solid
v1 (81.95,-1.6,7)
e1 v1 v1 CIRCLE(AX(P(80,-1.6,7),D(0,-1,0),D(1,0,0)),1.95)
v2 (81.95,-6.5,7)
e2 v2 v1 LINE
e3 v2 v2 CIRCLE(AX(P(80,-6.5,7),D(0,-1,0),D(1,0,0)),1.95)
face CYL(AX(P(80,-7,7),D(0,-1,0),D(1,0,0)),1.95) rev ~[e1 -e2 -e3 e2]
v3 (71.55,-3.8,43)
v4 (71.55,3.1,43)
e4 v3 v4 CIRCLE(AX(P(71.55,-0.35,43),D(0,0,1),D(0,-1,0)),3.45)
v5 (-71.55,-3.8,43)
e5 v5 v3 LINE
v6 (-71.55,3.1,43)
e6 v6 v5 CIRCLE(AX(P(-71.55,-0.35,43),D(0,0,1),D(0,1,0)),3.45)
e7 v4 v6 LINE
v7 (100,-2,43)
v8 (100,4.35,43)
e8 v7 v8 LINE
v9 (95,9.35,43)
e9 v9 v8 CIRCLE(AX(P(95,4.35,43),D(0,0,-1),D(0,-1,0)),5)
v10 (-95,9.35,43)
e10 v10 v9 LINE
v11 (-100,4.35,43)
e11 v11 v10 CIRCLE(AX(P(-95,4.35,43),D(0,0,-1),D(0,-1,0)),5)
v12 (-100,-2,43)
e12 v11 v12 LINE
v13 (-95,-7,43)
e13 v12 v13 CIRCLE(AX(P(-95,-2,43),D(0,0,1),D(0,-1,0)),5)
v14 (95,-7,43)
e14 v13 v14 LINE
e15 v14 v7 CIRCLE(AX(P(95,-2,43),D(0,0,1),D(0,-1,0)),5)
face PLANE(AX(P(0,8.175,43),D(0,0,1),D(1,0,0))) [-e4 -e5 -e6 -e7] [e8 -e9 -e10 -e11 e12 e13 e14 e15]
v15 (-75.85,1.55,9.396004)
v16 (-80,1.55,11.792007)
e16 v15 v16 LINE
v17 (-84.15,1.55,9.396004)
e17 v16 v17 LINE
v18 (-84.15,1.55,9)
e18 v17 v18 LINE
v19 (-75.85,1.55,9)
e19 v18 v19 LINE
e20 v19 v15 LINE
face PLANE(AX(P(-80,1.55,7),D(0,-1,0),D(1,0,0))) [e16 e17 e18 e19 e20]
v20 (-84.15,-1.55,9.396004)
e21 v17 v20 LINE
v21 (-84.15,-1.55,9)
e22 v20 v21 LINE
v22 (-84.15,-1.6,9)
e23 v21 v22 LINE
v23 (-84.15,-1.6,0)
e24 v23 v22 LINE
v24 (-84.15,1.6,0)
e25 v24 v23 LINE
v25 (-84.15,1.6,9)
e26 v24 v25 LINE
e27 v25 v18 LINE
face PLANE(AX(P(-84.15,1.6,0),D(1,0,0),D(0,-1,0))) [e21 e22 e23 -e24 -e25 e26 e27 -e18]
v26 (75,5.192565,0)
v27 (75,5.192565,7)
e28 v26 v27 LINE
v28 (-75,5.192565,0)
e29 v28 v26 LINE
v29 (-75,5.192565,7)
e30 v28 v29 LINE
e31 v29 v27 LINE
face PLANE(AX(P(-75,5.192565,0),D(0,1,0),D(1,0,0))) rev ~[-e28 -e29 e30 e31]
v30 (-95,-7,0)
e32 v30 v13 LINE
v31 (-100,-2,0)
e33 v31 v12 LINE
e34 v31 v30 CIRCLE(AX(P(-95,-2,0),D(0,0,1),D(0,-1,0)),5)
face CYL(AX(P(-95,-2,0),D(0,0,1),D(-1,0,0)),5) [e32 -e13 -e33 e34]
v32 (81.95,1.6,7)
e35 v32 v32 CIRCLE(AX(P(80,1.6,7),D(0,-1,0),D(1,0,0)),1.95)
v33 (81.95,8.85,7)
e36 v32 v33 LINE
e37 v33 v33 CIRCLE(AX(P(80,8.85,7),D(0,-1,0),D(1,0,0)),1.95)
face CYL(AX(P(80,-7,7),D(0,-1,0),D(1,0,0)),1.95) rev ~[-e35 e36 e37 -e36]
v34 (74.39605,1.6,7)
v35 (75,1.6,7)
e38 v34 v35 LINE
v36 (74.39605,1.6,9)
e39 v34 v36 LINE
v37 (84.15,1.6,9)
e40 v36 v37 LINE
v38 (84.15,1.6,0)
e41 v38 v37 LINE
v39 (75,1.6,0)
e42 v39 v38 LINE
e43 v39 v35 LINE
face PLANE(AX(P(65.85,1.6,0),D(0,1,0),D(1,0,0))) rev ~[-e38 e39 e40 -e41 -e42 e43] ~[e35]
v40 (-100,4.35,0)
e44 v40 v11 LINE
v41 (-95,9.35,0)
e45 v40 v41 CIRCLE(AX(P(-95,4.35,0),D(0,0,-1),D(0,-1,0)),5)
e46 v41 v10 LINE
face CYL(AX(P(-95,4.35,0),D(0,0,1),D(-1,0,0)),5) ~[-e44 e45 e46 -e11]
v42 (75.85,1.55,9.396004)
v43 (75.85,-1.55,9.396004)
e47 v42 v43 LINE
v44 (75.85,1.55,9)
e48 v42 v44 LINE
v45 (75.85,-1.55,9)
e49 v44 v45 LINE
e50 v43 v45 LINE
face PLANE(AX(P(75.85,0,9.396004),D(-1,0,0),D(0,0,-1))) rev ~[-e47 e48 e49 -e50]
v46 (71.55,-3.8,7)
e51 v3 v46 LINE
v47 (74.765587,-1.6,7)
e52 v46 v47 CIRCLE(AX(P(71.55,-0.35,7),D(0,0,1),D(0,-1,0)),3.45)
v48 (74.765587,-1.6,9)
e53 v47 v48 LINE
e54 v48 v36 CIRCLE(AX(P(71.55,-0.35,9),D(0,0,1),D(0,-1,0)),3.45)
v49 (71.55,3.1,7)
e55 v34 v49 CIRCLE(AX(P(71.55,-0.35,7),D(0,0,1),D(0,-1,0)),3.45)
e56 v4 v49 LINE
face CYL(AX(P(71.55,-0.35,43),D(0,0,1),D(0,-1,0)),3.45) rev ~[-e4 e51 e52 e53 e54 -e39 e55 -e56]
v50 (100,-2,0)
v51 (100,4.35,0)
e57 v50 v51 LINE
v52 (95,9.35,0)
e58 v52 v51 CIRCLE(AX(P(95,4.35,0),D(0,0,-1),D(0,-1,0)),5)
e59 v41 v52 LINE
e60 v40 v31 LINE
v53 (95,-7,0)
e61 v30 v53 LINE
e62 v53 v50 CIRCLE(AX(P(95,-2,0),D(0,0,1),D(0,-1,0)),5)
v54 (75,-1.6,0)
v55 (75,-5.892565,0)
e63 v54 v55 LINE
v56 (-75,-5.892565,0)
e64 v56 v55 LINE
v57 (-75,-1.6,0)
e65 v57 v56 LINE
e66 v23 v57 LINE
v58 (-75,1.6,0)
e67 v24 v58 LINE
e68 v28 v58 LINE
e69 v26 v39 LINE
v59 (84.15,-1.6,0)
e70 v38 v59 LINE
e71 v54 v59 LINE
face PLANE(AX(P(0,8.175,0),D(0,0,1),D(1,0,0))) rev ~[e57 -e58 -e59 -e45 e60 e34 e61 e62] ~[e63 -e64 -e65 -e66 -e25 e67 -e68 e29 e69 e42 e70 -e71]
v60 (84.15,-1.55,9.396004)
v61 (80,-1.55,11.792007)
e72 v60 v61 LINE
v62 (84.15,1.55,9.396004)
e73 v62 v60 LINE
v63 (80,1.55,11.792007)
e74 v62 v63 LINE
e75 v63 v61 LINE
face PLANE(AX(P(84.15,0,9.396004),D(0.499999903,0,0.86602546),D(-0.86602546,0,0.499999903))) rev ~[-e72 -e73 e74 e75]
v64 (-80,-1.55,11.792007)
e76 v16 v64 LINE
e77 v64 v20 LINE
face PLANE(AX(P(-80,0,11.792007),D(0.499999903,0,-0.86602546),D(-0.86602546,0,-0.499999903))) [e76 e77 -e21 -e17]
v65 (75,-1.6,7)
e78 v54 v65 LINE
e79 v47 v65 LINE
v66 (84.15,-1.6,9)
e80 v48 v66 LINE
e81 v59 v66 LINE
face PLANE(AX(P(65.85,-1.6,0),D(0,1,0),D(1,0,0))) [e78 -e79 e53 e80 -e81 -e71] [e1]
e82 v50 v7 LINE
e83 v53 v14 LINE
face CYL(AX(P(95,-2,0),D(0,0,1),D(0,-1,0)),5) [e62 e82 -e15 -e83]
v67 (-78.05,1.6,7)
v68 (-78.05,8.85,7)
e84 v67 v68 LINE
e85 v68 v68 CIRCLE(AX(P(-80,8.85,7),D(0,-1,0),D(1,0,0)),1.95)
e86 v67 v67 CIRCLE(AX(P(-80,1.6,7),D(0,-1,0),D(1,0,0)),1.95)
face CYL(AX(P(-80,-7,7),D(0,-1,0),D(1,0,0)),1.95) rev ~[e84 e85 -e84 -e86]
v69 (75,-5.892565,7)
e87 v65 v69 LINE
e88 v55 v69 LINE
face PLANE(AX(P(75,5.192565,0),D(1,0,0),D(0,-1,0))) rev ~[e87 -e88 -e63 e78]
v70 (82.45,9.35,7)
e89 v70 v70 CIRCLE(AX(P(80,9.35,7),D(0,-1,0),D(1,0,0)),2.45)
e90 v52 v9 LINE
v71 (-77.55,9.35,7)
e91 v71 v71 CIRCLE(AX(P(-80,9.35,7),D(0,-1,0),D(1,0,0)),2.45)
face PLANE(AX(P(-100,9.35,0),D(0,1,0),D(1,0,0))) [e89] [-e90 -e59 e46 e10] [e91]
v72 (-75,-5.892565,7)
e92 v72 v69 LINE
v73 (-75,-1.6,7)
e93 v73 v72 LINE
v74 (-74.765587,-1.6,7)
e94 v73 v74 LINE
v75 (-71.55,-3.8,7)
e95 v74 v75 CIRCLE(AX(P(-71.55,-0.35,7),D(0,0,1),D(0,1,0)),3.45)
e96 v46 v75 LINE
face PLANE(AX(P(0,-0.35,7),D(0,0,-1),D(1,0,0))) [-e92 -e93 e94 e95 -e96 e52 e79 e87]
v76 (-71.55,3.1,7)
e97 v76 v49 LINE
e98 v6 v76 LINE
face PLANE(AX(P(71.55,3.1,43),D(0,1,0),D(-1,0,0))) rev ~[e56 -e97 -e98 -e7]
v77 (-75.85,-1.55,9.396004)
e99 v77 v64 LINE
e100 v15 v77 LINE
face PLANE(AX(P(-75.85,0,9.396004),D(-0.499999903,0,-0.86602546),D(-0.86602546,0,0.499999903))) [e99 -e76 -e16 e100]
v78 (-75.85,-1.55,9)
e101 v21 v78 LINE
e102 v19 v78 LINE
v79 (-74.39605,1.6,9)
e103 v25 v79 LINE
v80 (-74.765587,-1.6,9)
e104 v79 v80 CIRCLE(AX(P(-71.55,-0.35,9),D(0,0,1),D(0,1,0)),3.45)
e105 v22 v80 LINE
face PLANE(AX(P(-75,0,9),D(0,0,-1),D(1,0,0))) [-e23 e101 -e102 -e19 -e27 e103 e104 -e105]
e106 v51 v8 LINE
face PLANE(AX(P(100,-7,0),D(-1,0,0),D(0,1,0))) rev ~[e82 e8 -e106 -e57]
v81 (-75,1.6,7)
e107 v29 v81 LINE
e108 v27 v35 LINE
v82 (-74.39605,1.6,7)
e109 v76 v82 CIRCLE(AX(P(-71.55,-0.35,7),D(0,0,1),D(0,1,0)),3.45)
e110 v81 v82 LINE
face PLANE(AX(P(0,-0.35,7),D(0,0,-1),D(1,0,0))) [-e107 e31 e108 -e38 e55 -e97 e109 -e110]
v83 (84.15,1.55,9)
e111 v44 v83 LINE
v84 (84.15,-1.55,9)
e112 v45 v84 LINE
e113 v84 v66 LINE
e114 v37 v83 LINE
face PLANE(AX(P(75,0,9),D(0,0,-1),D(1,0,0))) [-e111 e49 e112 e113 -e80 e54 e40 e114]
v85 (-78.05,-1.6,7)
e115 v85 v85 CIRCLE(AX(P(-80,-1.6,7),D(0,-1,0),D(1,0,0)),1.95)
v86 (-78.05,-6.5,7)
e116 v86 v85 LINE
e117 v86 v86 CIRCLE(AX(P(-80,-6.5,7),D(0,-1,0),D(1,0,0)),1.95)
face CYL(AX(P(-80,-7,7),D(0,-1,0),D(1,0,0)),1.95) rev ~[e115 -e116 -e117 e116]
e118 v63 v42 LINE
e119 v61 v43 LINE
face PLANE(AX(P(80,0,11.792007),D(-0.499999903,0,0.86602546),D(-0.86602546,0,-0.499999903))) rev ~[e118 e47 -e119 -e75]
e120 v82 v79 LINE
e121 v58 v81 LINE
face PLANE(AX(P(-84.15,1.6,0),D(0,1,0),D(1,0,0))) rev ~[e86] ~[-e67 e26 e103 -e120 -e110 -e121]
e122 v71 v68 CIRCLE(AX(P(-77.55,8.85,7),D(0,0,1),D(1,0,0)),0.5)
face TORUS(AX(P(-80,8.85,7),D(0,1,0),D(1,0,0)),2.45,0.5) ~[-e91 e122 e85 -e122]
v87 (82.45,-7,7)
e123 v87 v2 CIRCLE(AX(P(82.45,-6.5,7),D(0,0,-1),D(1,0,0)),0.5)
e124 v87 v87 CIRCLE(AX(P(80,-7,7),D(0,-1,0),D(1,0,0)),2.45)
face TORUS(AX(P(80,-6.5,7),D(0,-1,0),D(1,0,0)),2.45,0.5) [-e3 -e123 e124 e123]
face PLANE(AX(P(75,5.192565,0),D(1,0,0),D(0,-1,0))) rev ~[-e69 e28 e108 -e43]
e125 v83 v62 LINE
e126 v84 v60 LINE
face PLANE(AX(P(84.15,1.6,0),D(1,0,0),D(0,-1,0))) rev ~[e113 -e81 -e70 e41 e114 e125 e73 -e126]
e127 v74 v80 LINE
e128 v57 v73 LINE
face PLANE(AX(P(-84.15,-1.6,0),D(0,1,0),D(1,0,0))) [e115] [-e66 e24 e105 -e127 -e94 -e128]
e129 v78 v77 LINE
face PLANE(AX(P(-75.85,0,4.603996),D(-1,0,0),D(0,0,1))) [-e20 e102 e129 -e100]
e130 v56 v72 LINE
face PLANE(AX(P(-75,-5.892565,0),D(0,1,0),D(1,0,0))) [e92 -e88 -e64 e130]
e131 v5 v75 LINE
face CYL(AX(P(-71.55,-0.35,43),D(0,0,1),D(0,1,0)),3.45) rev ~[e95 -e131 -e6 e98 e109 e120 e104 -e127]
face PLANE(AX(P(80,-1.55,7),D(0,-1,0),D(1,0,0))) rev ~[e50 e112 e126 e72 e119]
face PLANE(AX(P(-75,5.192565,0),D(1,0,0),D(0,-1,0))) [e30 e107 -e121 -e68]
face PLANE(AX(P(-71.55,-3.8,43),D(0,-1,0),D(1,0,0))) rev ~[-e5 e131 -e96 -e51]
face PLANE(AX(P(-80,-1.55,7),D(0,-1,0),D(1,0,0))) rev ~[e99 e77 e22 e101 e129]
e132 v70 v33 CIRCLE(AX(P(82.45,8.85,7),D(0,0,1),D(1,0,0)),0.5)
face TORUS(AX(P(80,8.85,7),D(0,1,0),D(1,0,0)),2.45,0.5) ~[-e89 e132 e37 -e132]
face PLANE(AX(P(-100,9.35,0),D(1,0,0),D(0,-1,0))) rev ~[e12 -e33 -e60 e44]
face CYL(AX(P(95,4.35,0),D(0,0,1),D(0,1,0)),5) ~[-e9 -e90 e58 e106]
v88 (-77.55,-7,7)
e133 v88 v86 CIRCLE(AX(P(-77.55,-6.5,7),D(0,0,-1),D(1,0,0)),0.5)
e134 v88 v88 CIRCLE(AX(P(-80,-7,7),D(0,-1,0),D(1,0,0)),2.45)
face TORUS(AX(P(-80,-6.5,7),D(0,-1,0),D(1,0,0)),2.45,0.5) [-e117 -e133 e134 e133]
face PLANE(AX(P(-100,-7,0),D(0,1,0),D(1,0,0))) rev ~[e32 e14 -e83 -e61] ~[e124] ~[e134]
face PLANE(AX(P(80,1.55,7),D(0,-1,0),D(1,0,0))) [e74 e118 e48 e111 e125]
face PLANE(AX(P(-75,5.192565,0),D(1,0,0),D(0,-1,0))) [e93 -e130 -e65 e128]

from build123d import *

# Parameters (mm, degrees)
F0_W      = 200
F0_H      = 2.35
F0_H_2    = 14
F1_DEPTH  = 43
F4_W      = 150
F4_H      = 11.08513
F5_DEPTH  = 7
F6_R      = 1.95
F7_DEPTH  = 16.351
F9_DEPTH  = 37
F10_R     = 5
F11_R     = 0.5
F13_DEPTH = 1.55
F14_W     = 18.3
F14_H     = 3.2
F15_DEPTH = 9


with BuildPart() as f1:
    # F0 (on Top) → F1 (new body)
    with BuildSketch(Plane.XY):
        with Locations((0, 8.175)):
            Rectangle(F0_W, F0_H)
        Rectangle(F0_W, F0_H_2)
    extrude(amount=F1_DEPTH)

    # F4 (on face) → F5 (cut)
    with BuildSketch(Plane(origin=(0, 0, 0), x_dir=(1, 0, 0), z_dir=(0, 0, -1))):
        with Locations((0, 0.35)):
            Rectangle(F4_W, F4_H)
    extrude(amount=-F5_DEPTH, mode=Mode.SUBTRACT)

    # F6 (on face) → F7 (cut, through all)
    with BuildSketch(Plane.XZ.offset(7)):
        with Locations((-80, 7)):
            Circle(F6_R)
        with Locations((80, 7)):
            Circle(F6_R)
    extrude(amount=-F7_DEPTH, mode=Mode.SUBTRACT)

    # F8 (on face) → F9 (cut)
    with BuildSketch(Plane.XY.offset(43)):
        with BuildLine():
            ThreePointArc((-71.55, 3.1), (-75, -0.35), (-71.55, -3.8))
            Line((-71.55, -3.8), (71.55, -3.8))
            ThreePointArc((71.55, -3.8), (75, -0.35), (71.55, 3.1))
            Line((71.55, 3.1), (-71.55, 3.1))
        make_face()
    extrude(amount=-F9_DEPTH, mode=Mode.SUBTRACT)

    # F10
    f10_edges = [f1.edges().sort_by_distance(p)[0] for p in [
        (-100, -7, 21.5),
        (-100, 9.35, 21.5),
        (100, -7, 21.5),
        (100, 9.35, 21.5),
    ]]
    fillet(f10_edges, radius=F10_R)

    # F11
    f11_edges = [f1.edges().sort_by_distance(p)[0] for p in [
        (78.05, 9.35, 7),
        (78.05, -7, 7),
        (-81.95, -7, 7),
        (-81.95, 9.35, 7),
    ]]
    fillet(f11_edges, radius=F11_R)

    # F12 (on Front) → F13 (cut, symmetric)
    with BuildSketch(Plane.XZ):
        Polygon((-75.85, 4.603996), (-75.85, 9.396004), (-80, 11.792007), (-84.15, 9.396004), (-84.15, 4.603996), (-80, 2.207993), align=None)
        Polygon((84.15, 4.603996), (84.15, 9.396004), (80, 11.792007), (75.85, 9.396004), (75.85, 4.603996), (80, 2.207993), align=None)
    extrude(amount=F13_DEPTH, both=True, mode=Mode.SUBTRACT)

    # F14 (on face) → F15 (cut)
    with BuildSketch(Plane(origin=(0, 0, 0), x_dir=(1, 0, 0), z_dir=(0, 0, -1))):
        with Locations((-75, 0)):
            Rectangle(F14_W, F14_H)
        with Locations((75, 0)):
            Rectangle(F14_W, F14_H)
    extrude(amount=-F15_DEPTH, mode=Mode.SUBTRACT)


solid = f1.part
